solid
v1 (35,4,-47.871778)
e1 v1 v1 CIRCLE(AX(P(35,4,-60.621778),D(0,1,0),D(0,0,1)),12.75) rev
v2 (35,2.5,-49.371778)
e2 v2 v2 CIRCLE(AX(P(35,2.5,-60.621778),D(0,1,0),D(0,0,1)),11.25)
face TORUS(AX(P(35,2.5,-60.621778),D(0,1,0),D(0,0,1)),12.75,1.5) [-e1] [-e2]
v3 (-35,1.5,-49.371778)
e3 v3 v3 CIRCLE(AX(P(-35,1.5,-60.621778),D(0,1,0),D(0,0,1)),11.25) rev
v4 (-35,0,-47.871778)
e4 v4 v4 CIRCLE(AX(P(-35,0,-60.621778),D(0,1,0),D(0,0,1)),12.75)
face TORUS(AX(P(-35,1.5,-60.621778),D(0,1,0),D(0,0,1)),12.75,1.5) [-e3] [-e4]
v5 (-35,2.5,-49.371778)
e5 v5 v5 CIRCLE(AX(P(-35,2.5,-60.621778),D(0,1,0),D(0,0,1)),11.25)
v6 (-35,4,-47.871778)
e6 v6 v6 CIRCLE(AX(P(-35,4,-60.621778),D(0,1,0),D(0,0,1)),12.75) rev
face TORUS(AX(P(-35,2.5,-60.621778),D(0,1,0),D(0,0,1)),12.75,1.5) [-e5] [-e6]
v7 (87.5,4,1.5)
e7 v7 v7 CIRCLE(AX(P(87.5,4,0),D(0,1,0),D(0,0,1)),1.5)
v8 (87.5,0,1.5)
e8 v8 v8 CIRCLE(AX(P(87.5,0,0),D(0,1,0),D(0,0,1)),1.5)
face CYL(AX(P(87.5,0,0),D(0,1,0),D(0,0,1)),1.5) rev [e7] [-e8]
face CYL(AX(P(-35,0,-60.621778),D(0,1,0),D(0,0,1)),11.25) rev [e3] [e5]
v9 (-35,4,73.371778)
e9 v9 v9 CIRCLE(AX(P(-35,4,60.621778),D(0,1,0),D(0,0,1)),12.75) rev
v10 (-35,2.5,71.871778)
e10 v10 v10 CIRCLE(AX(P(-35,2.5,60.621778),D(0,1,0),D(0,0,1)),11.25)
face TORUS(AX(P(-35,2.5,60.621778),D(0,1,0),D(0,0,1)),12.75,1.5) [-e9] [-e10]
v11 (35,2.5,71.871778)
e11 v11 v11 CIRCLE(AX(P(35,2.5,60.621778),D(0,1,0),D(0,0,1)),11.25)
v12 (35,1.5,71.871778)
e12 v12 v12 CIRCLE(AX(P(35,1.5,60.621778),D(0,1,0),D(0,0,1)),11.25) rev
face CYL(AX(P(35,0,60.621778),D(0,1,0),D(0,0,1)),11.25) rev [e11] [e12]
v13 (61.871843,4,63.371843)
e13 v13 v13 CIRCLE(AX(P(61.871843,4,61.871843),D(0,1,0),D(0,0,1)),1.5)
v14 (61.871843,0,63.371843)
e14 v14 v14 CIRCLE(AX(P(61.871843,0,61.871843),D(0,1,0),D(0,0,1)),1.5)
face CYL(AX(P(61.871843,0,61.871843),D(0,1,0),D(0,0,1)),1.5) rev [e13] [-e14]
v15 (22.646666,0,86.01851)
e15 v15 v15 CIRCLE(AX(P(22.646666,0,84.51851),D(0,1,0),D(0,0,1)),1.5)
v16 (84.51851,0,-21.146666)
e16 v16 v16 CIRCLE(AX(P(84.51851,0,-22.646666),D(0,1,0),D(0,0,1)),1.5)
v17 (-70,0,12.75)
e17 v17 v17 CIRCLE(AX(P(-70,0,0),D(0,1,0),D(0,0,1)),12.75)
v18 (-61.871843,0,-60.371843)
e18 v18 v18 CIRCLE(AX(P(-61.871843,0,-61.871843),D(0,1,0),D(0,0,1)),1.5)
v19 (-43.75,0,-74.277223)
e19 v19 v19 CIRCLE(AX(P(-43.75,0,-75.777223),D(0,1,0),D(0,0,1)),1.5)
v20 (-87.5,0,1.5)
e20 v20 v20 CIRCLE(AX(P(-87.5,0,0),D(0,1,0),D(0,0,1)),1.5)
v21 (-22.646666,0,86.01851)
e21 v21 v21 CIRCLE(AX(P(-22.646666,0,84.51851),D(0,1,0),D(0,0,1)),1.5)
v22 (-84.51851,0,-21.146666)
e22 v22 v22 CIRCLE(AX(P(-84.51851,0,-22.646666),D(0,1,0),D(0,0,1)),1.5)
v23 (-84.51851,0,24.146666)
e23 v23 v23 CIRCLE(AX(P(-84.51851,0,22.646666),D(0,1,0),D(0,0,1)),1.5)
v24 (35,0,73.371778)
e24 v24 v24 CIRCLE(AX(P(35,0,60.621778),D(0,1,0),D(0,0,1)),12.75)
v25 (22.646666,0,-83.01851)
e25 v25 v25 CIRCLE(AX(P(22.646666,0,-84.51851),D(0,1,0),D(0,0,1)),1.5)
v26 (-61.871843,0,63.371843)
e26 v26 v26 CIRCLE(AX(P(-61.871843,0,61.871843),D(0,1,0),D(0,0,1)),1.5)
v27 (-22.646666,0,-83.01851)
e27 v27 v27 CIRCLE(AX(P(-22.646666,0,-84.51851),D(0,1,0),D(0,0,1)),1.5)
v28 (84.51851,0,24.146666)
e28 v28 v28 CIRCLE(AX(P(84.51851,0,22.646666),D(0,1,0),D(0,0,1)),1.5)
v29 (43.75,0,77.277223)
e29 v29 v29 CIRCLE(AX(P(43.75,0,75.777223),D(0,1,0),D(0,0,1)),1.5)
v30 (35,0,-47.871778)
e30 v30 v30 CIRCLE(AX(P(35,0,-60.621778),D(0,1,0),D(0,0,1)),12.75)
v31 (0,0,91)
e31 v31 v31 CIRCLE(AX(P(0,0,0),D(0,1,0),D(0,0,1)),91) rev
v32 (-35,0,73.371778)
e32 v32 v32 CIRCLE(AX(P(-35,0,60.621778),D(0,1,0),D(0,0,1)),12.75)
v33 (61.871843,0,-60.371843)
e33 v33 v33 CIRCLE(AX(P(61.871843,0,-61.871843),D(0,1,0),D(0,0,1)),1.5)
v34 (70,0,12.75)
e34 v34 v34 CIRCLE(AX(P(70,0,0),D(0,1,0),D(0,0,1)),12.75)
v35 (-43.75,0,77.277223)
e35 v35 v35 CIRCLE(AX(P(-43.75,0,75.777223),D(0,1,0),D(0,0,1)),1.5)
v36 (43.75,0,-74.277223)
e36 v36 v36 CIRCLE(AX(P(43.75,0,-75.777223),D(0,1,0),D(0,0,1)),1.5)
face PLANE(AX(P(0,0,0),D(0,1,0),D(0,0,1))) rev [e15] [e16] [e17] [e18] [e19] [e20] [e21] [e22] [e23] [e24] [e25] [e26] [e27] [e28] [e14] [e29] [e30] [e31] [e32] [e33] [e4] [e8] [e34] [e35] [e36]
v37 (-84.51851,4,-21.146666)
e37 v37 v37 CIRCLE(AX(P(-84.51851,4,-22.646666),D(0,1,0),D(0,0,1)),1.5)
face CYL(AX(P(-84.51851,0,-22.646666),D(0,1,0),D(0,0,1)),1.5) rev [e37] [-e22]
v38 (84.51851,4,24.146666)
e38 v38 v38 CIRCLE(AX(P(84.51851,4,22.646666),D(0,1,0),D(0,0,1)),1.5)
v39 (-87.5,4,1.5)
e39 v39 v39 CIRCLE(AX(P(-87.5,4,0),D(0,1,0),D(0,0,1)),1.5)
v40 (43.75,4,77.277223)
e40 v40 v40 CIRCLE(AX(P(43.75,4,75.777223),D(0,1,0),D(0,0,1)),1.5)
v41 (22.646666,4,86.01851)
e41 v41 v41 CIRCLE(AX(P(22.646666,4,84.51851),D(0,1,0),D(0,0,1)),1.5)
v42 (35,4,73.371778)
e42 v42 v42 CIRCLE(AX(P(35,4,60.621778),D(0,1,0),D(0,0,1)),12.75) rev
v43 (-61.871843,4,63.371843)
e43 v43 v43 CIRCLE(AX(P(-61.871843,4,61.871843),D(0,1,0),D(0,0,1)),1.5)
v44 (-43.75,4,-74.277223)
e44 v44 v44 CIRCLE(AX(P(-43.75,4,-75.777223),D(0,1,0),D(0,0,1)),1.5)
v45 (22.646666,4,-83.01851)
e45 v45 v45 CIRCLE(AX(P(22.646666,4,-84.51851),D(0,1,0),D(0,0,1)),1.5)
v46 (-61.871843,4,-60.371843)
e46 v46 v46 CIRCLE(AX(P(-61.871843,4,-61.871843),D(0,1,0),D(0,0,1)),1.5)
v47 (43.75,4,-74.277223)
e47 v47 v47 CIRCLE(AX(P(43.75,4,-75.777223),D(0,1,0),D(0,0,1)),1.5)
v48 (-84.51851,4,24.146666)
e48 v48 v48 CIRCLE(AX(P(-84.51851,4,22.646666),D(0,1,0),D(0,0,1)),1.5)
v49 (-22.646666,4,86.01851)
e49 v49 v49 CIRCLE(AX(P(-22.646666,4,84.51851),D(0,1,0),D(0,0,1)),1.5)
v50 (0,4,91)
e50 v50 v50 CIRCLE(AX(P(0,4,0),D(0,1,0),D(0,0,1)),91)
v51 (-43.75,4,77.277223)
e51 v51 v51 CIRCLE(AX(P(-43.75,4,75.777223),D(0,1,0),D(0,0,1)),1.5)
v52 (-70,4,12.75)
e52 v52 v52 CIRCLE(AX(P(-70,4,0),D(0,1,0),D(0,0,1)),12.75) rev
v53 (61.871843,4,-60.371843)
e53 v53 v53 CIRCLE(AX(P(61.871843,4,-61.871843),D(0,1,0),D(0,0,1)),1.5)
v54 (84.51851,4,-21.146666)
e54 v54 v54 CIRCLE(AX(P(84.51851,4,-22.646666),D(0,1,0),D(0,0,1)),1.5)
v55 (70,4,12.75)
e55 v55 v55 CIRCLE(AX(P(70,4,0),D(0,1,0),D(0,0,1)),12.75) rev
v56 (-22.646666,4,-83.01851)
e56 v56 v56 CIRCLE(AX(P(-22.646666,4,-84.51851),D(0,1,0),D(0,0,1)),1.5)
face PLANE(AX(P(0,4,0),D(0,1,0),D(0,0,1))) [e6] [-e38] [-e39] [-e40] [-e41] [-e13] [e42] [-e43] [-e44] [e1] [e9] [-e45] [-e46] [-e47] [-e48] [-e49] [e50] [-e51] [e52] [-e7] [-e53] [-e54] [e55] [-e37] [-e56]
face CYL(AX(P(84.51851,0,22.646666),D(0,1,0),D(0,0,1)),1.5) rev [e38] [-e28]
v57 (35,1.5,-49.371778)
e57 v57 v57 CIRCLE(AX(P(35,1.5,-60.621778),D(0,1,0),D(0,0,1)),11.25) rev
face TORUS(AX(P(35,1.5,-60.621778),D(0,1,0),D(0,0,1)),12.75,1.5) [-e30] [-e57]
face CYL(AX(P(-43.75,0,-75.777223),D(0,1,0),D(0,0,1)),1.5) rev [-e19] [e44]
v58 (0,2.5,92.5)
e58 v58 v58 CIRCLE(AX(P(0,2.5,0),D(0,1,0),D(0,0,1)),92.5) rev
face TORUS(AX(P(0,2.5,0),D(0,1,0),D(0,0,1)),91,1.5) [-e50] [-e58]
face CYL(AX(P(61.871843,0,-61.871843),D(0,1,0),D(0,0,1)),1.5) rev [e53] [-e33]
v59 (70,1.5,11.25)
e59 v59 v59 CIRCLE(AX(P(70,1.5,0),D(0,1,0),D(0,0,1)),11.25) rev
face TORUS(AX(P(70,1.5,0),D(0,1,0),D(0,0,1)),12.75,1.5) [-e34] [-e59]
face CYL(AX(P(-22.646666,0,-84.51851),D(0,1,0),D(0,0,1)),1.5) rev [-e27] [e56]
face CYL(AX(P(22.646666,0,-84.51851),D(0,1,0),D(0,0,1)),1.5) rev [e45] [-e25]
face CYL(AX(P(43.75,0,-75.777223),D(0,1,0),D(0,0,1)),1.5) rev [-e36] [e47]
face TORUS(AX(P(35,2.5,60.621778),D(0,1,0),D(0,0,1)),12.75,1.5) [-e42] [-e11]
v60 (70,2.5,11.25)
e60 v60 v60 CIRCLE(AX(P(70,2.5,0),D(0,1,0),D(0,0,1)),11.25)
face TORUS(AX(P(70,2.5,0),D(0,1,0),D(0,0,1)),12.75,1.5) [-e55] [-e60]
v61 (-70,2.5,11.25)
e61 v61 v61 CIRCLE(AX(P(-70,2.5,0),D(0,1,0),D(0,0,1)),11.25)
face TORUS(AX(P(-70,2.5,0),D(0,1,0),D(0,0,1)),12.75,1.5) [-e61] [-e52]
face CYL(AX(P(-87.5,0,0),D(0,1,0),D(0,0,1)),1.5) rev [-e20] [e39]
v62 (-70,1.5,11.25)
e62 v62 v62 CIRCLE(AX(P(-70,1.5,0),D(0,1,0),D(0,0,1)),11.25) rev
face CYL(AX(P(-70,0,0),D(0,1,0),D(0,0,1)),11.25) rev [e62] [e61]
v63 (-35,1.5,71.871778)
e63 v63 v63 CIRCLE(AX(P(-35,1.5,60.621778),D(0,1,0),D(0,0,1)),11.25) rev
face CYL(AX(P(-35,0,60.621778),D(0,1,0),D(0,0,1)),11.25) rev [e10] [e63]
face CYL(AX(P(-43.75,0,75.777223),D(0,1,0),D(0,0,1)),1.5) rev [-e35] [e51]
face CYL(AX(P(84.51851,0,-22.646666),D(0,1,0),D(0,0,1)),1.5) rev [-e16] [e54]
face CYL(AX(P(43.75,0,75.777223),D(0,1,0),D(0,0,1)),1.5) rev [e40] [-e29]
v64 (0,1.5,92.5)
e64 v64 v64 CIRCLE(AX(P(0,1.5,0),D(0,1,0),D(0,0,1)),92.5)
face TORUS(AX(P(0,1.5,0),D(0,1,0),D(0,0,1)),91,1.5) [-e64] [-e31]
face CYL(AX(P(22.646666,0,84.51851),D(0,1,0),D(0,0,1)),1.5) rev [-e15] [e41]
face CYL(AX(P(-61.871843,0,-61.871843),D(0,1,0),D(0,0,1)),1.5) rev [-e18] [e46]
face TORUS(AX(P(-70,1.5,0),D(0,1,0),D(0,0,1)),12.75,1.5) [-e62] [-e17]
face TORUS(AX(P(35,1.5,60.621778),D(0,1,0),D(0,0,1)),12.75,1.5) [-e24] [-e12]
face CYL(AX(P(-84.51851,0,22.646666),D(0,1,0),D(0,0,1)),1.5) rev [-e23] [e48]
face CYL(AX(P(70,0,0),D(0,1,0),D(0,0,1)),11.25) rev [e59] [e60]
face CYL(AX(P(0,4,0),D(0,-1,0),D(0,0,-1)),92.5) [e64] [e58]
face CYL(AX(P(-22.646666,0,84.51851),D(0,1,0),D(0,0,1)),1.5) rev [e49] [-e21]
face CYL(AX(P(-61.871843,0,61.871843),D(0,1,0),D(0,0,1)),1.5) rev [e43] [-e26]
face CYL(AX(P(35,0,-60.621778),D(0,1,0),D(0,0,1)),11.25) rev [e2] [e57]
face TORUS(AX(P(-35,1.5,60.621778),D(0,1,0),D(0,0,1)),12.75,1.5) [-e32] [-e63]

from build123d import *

# Parameters (mm, degrees)
SKETCH1_R           = 92.5
BOSS_EXTRUDE1_DEPTH = 4
SKETCH2_R           = 11.25
SKETCH2_R_2         = 1.5
CUT_EXTRUDE1_DEPTH  = 131.875895412
FILLET1_R           = 1.5


with BuildPart() as part:
    # Sketch1 → Boss-Extrude1 (new body)
    with BuildSketch(Plane(origin=(0, 0, 0), x_dir=(1, 0, 0), z_dir=(0, 1, 0))):
        with Locations(Location((0, 0, 0), (0, 0, 270))):
            Circle(SKETCH1_R)
    extrude(amount=BOSS_EXTRUDE1_DEPTH)

    # Sketch2 → Cut-Extrude1 (cut, through all)
    with BuildSketch(Plane(origin=(0, 4, 0), x_dir=(1, 0, 0), z_dir=(0, 1, 0))):
        with Locations(Location((-35, 60.621778265, 0), (0, 0, 270))):
            Circle(SKETCH2_R)
        with Locations(Location((-43.75, 75.777222831, 0), (0, 0, 270))):
            Circle(SKETCH2_R_2)
        with Locations(Location((-22.646666446, 84.5185098, 0), (0, 0, 270))):
            Circle(SKETCH2_R_2)
        with Locations(Location((-61.871843354, 61.871843354, 0), (0, 0, 270))):
            Circle(SKETCH2_R_2)
        with Locations(Location((43.75, 75.777222831, 0), (0, 0, 270))):
            Circle(SKETCH2_R_2)
        with Locations(Location((22.646666446, 84.5185098, 0), (0, 0, 270))):
            Circle(SKETCH2_R_2)
        with Locations(Location((61.871843354, 61.871843354, 0), (0, 0, 270))):
            Circle(SKETCH2_R_2)
        with Locations(Location((87.5, 0, 0), (0, 0, 270))):
            Circle(SKETCH2_R_2)
        with Locations(Location((84.5185098, 22.646666446, 0), (0, 0, 270))):
            Circle(SKETCH2_R_2)
        with Locations(Location((84.5185098, -22.646666446, 0), (0, 0, 270))):
            Circle(SKETCH2_R_2)
        with Locations(Location((35, 60.621778265, 0), (0, 0, 270))):
            Circle(SKETCH2_R)
        with Locations(Location((70, 0, 0), (0, 0, 270))):
            Circle(SKETCH2_R)
        with Locations(Location((43.75, -75.777222831, 0), (0, 0, 270))):
            Circle(SKETCH2_R_2)
        with Locations(Location((61.871843354, -61.871843354, 0), (0, 0, 270))):
            Circle(SKETCH2_R_2)
        with Locations(Location((22.646666446, -84.5185098, 0), (0, 0, 270))):
            Circle(SKETCH2_R_2)
        with Locations(Location((-43.75, -75.777222831, 0), (0, 0, 270))):
            Circle(SKETCH2_R_2)
        with Locations(Location((-22.646666446, -84.5185098, 0), (0, 0, 270))):
            Circle(SKETCH2_R_2)
        with Locations(Location((-61.871843354, -61.871843354, 0), (0, 0, 270))):
            Circle(SKETCH2_R_2)
        with Locations(Location((-87.5, 0, 0), (0, 0, 270))):
            Circle(SKETCH2_R_2)
        with Locations(Location((-84.5185098, -22.646666446, 0), (0, 0, 270))):
            Circle(SKETCH2_R_2)
        with Locations(Location((-84.5185098, 22.646666446, 0), (0, 0, 270))):
            Circle(SKETCH2_R_2)
        with Locations(Location((35, -60.621778265, 0), (0, 0, 270))):
            Circle(SKETCH2_R)
        with Locations(Location((-35, -60.621778265, 0), (0, 0, 270))):
            Circle(SKETCH2_R)
        with Locations(Location((-70, 0, 0), (0, 0, 270))):
            Circle(SKETCH2_R)
    extrude(amount=-CUT_EXTRUDE1_DEPTH, mode=Mode.SUBTRACT)

    # Fillet1
    fillet1_edges = [part.edges().sort_by_distance(p)[0] for p in [
        (0, 0, -92.5),
        (0, 4, -92.5),
        (70, 0, -11.25),
        (70, 4, -11.25),
        (-35, 0, -71.871778265),
        (-35, 4, -71.871778265),
        (35, 0, -71.871778265),
        (35, 4, -71.871778265),
        (35, 0, 49.371778265),
        (35, 4, 49.371778265),
        (-35, 0, 49.371778265),
        (-35, 4, 49.371778265),
        (-70, 0, -11.25),
        (-70, 4, -11.25),
    ]]
    fillet(fillet1_edges, radius=FILLET1_R)


solid = part.part
